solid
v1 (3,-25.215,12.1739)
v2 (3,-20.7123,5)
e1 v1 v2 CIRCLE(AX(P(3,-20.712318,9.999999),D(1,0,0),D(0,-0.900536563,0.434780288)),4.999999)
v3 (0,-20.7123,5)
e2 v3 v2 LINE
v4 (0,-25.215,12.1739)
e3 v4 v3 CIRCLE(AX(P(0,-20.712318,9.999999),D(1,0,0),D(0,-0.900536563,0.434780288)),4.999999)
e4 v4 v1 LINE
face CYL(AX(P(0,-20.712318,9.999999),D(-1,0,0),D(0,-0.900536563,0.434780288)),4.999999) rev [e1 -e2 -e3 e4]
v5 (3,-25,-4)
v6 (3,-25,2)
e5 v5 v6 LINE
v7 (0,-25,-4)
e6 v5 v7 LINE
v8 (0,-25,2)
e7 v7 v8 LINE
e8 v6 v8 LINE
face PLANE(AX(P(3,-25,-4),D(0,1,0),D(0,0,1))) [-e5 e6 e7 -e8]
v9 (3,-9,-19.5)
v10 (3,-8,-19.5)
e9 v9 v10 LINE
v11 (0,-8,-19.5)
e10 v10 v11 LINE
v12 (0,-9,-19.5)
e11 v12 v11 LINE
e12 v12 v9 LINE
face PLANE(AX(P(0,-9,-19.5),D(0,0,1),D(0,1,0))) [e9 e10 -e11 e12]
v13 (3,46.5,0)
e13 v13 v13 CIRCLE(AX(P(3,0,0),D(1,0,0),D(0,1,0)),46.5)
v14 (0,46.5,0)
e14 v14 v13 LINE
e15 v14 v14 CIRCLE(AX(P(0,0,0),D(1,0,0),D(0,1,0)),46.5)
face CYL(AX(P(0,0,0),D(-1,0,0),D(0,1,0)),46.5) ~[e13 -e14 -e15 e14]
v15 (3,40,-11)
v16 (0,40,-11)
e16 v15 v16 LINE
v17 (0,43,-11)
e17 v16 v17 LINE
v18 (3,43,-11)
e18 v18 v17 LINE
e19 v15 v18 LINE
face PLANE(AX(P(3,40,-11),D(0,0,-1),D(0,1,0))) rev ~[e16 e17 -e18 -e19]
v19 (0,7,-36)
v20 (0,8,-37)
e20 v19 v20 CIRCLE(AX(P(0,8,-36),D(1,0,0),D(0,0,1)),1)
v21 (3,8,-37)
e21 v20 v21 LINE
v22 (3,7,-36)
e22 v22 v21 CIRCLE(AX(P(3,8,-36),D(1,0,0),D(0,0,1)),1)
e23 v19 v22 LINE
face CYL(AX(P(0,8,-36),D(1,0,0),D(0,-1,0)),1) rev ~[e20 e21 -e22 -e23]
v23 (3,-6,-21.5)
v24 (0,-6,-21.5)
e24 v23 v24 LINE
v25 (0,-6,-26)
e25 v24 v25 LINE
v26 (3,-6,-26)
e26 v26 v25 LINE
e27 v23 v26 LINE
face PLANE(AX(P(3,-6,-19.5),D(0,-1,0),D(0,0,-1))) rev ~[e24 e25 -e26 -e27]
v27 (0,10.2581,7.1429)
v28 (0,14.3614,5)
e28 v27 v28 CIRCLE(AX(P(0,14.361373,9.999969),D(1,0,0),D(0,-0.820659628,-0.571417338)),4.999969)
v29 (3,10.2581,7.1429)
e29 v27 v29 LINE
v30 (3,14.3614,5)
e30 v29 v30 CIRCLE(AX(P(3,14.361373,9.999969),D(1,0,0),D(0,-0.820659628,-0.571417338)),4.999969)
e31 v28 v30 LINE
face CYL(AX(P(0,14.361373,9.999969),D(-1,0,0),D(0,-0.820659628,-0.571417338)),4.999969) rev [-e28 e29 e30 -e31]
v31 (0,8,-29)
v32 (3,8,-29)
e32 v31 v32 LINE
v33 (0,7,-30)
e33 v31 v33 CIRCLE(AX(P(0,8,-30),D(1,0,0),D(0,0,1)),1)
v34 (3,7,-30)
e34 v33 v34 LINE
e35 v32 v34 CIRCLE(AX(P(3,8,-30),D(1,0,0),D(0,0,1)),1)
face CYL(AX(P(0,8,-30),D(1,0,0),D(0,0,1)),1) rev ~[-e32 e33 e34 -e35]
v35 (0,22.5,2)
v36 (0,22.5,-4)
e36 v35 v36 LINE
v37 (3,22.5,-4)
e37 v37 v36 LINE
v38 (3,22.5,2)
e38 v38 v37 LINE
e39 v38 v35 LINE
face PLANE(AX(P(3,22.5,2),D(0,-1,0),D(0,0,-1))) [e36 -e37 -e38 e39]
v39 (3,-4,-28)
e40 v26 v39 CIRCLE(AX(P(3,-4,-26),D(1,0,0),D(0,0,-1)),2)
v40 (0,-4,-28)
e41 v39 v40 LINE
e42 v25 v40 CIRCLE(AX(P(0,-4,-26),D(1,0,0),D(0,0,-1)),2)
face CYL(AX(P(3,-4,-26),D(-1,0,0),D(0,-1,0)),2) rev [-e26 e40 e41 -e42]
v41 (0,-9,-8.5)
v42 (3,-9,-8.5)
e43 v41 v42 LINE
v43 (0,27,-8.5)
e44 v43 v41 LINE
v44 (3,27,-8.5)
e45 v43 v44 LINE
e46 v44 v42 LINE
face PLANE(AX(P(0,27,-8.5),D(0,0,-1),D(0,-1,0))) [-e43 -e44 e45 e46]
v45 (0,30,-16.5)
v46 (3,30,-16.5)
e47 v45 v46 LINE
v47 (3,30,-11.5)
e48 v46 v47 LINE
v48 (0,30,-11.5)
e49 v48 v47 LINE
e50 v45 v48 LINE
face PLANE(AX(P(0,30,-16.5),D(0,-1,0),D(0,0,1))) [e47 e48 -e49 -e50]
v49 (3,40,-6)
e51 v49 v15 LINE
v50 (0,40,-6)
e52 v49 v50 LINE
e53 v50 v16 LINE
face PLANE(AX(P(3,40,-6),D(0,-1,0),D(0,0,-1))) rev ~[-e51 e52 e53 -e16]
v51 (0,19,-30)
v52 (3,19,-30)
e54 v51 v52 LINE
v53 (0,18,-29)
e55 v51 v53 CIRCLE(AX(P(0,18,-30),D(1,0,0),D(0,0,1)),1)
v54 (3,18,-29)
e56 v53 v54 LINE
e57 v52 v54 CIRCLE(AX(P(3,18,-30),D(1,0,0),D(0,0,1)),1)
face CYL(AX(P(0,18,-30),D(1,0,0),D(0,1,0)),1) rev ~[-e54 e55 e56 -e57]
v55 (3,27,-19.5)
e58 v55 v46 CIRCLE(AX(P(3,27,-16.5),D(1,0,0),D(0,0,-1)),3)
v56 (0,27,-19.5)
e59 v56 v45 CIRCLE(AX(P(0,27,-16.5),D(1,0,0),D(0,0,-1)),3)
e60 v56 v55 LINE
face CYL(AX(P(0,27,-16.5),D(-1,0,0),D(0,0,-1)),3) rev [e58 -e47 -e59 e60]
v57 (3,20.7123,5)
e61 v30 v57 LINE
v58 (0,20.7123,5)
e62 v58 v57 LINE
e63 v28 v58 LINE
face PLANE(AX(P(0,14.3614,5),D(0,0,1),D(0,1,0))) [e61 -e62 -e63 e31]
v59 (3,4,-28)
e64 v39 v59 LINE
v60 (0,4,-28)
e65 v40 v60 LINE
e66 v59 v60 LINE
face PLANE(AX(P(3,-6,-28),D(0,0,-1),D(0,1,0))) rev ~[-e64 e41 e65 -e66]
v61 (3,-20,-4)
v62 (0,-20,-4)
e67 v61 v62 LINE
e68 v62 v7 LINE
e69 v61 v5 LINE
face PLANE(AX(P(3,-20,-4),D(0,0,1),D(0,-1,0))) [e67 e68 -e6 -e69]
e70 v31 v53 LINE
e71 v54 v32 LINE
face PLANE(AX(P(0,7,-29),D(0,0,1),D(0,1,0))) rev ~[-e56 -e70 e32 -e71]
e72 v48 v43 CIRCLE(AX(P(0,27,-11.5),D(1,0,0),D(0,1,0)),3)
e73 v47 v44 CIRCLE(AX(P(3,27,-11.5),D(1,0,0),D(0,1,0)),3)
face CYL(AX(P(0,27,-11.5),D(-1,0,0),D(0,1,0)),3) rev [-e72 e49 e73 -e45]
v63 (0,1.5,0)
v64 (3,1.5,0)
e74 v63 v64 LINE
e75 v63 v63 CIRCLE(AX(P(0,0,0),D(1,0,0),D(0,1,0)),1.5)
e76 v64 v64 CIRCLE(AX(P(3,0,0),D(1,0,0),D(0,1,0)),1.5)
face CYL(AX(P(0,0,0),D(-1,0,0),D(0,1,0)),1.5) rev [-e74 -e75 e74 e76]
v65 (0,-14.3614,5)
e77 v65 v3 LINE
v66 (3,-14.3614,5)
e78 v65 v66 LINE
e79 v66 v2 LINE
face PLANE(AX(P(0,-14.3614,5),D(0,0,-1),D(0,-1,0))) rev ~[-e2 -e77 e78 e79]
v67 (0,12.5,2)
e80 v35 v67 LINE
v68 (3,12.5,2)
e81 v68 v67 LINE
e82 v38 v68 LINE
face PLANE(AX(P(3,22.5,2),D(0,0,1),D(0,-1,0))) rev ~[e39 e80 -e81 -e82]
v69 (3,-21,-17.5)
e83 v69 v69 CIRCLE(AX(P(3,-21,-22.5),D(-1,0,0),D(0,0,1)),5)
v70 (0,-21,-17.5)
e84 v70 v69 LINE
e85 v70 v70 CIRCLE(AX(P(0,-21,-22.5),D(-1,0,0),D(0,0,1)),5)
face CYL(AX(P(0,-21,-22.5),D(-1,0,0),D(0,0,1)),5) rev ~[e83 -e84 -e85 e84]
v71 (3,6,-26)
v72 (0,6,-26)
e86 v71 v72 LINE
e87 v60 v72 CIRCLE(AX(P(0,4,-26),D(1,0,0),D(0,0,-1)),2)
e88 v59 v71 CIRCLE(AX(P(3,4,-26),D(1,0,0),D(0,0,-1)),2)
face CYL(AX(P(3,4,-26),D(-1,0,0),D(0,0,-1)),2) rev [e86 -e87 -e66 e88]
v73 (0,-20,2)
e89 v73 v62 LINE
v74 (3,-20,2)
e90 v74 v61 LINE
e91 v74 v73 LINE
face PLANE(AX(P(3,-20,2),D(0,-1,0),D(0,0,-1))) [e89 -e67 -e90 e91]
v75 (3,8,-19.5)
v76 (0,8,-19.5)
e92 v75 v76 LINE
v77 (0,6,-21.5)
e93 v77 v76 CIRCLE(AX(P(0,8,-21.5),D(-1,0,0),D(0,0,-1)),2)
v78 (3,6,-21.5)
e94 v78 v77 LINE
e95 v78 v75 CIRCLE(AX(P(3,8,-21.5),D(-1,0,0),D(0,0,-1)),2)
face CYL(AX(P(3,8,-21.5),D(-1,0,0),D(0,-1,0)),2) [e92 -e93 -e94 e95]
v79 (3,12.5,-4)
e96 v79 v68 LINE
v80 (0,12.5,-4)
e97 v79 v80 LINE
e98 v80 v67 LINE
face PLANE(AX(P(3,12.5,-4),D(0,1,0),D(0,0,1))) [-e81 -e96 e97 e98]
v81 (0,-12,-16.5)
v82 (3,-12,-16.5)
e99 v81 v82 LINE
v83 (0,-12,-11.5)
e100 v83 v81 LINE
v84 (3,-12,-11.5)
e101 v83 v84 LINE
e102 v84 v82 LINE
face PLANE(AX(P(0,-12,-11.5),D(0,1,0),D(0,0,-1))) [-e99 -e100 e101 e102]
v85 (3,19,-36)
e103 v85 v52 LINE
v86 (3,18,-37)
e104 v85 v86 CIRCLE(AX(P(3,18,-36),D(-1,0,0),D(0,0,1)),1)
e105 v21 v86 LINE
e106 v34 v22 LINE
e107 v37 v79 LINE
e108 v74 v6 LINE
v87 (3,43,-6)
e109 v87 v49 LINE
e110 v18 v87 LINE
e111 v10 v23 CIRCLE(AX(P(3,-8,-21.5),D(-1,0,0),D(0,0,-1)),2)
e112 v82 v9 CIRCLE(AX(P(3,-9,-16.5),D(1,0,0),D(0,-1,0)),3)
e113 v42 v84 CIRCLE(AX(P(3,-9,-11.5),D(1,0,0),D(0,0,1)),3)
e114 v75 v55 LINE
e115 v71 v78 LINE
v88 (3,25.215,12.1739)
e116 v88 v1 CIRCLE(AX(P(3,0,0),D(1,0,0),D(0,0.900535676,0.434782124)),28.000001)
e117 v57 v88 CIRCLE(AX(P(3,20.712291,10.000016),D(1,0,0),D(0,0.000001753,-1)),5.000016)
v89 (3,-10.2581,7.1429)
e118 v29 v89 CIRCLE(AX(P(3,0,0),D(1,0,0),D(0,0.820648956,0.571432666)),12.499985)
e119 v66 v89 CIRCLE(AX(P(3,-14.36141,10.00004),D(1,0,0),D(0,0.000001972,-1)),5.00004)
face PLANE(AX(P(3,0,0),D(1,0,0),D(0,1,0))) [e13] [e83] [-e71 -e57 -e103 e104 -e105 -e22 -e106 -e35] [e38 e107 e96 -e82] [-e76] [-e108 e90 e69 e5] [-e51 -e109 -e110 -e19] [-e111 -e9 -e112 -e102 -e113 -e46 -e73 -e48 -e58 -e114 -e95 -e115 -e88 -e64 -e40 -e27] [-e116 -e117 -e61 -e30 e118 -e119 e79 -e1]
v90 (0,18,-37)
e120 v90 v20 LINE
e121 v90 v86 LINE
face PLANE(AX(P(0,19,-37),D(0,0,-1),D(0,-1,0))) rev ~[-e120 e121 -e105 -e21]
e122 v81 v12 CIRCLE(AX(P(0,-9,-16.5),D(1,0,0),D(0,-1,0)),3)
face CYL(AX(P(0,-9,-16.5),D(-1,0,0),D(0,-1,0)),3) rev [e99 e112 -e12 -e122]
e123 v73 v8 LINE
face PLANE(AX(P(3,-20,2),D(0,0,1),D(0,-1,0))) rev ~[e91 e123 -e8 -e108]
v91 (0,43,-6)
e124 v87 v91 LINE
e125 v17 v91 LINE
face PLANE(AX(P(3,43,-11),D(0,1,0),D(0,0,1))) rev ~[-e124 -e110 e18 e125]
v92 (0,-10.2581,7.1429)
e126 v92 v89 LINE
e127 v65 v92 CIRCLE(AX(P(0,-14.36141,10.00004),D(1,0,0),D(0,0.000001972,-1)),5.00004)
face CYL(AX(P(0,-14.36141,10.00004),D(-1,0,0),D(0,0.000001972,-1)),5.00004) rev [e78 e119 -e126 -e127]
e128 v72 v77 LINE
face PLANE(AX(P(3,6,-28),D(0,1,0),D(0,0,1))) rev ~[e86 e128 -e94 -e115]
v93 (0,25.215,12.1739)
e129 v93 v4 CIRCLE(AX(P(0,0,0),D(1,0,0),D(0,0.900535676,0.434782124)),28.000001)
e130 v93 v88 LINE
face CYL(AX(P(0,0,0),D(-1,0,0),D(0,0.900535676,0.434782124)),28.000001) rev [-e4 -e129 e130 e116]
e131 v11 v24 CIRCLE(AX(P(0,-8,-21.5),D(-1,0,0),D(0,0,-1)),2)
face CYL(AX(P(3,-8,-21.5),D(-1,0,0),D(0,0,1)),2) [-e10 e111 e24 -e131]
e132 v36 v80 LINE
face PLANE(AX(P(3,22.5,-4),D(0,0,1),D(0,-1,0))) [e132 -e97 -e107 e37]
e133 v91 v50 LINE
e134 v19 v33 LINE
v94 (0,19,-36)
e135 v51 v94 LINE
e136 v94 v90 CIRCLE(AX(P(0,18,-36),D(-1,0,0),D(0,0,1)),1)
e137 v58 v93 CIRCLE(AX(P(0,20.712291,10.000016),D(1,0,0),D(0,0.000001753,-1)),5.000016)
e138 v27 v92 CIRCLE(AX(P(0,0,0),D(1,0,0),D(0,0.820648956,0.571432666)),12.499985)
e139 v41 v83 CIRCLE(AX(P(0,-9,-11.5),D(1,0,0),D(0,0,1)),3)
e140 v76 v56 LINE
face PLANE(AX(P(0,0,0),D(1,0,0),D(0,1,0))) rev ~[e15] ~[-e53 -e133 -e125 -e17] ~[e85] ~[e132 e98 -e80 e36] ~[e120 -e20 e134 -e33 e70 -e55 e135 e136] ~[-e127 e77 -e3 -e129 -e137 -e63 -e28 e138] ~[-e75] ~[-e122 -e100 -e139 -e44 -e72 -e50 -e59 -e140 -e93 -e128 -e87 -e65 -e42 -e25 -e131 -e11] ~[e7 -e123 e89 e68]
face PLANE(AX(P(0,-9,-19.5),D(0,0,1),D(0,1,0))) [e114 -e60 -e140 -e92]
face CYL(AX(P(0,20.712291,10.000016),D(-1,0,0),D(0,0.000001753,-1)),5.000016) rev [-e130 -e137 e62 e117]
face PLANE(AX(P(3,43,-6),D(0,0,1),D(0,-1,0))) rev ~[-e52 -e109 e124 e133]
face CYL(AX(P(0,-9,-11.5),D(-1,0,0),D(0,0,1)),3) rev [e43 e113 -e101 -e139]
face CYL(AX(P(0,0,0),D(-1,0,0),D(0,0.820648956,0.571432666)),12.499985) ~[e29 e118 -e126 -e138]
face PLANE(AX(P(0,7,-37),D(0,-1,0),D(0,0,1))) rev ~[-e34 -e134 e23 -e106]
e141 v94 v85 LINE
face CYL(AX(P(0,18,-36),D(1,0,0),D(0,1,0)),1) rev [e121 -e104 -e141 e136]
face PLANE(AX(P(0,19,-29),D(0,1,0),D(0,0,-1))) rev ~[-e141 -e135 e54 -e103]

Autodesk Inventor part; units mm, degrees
ref_plane "YZ Plane" through (0, 0, 0) normal (1, 0, 0) x (0, 1, 0)
ref_plane "XZ Plane" through (0, 0, 0) normal (0, 1, 0) x (-1, 0, 0)
ref_plane "XY Plane" through (0, 0, 0) normal (0, 0, 1) x (1, 0, 0)
sketch "Sketch1" plane through (0, 0, 0) normal (1, 0, 0) x (0, 1, 0)
  arc A0 (25.215, 12.1739) -> (-25.215, 12.1739) centre (0, 0) ccw
  arc A1 (10.2581, 7.1429) -> (-10.2581, 7.1429) centre (0, 0) ccw
  circle A2 centre (0, 0) radius 1.5
  line L0 (-14.3614, 5) -> (-20.7123, 5)
  line L1 (14.3614, 5) -> (20.7123, 5)
  arc A3 (-25.215, 12.1739) -> (-20.7123, 5) centre (-20.7123, 10) ccw
  arc A4 (-14.3614, 5) -> (-10.2581, 7.1429) centre (-14.3614, 10) ccw
  arc A5 (10.2581, 7.1429) -> (14.3614, 5) centre (14.3614, 10) ccw
  arc A6 (20.7123, 5) -> (25.215, 12.1739) centre (20.7123, 10) ccw
  line L2 (27, -8.5) -> (-9, -8.5)
  line L3 (-12, -11.5) -> (-12, -8.988)
  arc A7 (-9, -8.5) -> (-12, -11.5) centre (-9, -11.5) ccw
  line L4 (-9, -19.5) -> (27, -19.5)
  line L5 (30, -16.5) -> (30, -11.5)
  circle A8 centre (0, 0) radius 46.5
  line L6 (-12, -11.5) -> (-12, -16.5)
  arc A9 (-12, -16.5) -> (-9, -19.5) centre (-9, -16.5) ccw
  arc A10 (27, -19.5) -> (30, -16.5) centre (27, -16.5) ccw
  arc A11 (30, -11.5) -> (27, -8.5) centre (27, -11.5) ccw
  point P0 (7.4416, -10.0435)
  point P1 (-11.4564, 5)
  point P2 (11.4564, 5)
  point P3 (-27.55, 5)
  point P4 (27.55, 5)
  dimension "d5" = 28
  dimension "d6" = 25
  dimension "d7" = 3
  dimension "d53" = 5
  dimension "d54" = 5
  dimension "d86" = 12
  dimension "d90" = 8.5
  dimension "d91" = 3
  dimension "d95" = 93
  dimension "d96" = 3
  dimension "d97" = 42
  dimension "d98" = 11
extrude "Extrusion3" add sketch "Sketch1" along normal blind 3
sketch "Sketch2" plane through (3, 0, 0) normal (1, 0, 0) x (0, 0, -1)
  arc A0 (-12.1739, 25.215) -> (-12.1739, -25.215) centre (0, 0) ccw projected
  line L0 (11, 43) -> (6, 43)
  line L1 (6, 43) -> (6, 40)
  line L2 (6, 40) -> (11, 40)
  line L3 (11, 40) -> (11, 43)
  dimension "d99" = 5
  dimension "d100" = 3
  dimension "d101" = 40
  dimension "d102" = 6
extrude "Extrusion5" cut sketch "Sketch2" against normal through all
sketch "Sketch4" plane through (3, 0, 0) normal (1, 0, 0) x (0, 0, -1)
  arc A0 (-12.1739, 25.215) -> (-12.1739, -25.215) centre (0, 0) ccw projected
  line L0 (-2, -20) -> (4, -20)
  line L1 (4, -20) -> (4, -25)
  line L2 (4, -25) -> (-2, -25)
  line L3 (-2, 22.5) -> (4, 22.5)
  line L4 (4, 22.5) -> (4, 12.5)
  line L5 (4, 12.5) -> (-2, 12.5)
  line L6 (-2, 22.5) -> (-2, 12.5)
  line L7 (-5, 20.7123) -> (-5, 14.3614) projected
  line L8 (-2, -20) -> (-2, -25)
  line L9 (6, 40) -> (6, 43) projected
  dimension "d59" = 5
  dimension "d60" = 20
  dimension "d62" = 10
  dimension "d63" = 12.5
  dimension "d94" = 6
  dimension "d104" = 2
extrude "Extrusion6" cut sketch "Sketch4" against normal through all
sketch "Sketch7" plane through (3, 0, 0) normal (1, 0, 0) x (0, 0, -1)
  line L0 (19.5, -6) -> (28, -6)
  line L1 (28, -6) -> (28, 6)
  line L2 (28, 6) -> (19.5, 6)
  line L3 (19.5, 6) -> (19.5, -6)
  line L4 (19.5, 27) -> (19.5, -9) projected
  point P0 (0, 0)
  point P1 (19.5, 0)
  dimension "d105" = 12
  dimension "d106" = 8.5
extrude "Extrusion9" cut sketch "Sketch7" against normal through all
fillet "Fillet1" radius 2 4 edges at (1.5, -6, -19.5) (1.5, -6, -28) (1.5, 6, -28) (1.5, 6, -19.5)
sketch "Sketch8" plane through (0, 0, 0) normal (-1, 0, 0) x (0, 0, 1)
  line L0 (-37, 7) -> (-29, 7)
  line L1 (-29, 7) -> (-29, 19)
  line L2 (-29, 19) -> (-37, 19)
  line L3 (-37, 19) -> (-37, 7)
  point P0 (0, 0)
  dimension "d110" = 12
  dimension "d111" = 8
  dimension "d112" = 29
  dimension "d113" = 7
extrude "Extrusion10" cut sketch "Sketch8" against normal through all
fillet "Fillet2" radius 1 4 edges at (1.5, 7, -29) (1.5, 7, -37) (1.5, 19, -37) (1.5, 19, -29)
sketch "Sketch9" plane through (0, 0, 0) normal (-1, 0, 0) x (0, 0, 1)
  circle A0 centre (-22.5, -21) radius 5
  point P0 (0, 0)
  dimension "d117" = 10
  dimension "d118" = 22.5
  dimension "d119" = 21
extrude "Extrusion11" cut sketch "Sketch9" against normal through all
properties part number "2.8chassis side DB25V3"
